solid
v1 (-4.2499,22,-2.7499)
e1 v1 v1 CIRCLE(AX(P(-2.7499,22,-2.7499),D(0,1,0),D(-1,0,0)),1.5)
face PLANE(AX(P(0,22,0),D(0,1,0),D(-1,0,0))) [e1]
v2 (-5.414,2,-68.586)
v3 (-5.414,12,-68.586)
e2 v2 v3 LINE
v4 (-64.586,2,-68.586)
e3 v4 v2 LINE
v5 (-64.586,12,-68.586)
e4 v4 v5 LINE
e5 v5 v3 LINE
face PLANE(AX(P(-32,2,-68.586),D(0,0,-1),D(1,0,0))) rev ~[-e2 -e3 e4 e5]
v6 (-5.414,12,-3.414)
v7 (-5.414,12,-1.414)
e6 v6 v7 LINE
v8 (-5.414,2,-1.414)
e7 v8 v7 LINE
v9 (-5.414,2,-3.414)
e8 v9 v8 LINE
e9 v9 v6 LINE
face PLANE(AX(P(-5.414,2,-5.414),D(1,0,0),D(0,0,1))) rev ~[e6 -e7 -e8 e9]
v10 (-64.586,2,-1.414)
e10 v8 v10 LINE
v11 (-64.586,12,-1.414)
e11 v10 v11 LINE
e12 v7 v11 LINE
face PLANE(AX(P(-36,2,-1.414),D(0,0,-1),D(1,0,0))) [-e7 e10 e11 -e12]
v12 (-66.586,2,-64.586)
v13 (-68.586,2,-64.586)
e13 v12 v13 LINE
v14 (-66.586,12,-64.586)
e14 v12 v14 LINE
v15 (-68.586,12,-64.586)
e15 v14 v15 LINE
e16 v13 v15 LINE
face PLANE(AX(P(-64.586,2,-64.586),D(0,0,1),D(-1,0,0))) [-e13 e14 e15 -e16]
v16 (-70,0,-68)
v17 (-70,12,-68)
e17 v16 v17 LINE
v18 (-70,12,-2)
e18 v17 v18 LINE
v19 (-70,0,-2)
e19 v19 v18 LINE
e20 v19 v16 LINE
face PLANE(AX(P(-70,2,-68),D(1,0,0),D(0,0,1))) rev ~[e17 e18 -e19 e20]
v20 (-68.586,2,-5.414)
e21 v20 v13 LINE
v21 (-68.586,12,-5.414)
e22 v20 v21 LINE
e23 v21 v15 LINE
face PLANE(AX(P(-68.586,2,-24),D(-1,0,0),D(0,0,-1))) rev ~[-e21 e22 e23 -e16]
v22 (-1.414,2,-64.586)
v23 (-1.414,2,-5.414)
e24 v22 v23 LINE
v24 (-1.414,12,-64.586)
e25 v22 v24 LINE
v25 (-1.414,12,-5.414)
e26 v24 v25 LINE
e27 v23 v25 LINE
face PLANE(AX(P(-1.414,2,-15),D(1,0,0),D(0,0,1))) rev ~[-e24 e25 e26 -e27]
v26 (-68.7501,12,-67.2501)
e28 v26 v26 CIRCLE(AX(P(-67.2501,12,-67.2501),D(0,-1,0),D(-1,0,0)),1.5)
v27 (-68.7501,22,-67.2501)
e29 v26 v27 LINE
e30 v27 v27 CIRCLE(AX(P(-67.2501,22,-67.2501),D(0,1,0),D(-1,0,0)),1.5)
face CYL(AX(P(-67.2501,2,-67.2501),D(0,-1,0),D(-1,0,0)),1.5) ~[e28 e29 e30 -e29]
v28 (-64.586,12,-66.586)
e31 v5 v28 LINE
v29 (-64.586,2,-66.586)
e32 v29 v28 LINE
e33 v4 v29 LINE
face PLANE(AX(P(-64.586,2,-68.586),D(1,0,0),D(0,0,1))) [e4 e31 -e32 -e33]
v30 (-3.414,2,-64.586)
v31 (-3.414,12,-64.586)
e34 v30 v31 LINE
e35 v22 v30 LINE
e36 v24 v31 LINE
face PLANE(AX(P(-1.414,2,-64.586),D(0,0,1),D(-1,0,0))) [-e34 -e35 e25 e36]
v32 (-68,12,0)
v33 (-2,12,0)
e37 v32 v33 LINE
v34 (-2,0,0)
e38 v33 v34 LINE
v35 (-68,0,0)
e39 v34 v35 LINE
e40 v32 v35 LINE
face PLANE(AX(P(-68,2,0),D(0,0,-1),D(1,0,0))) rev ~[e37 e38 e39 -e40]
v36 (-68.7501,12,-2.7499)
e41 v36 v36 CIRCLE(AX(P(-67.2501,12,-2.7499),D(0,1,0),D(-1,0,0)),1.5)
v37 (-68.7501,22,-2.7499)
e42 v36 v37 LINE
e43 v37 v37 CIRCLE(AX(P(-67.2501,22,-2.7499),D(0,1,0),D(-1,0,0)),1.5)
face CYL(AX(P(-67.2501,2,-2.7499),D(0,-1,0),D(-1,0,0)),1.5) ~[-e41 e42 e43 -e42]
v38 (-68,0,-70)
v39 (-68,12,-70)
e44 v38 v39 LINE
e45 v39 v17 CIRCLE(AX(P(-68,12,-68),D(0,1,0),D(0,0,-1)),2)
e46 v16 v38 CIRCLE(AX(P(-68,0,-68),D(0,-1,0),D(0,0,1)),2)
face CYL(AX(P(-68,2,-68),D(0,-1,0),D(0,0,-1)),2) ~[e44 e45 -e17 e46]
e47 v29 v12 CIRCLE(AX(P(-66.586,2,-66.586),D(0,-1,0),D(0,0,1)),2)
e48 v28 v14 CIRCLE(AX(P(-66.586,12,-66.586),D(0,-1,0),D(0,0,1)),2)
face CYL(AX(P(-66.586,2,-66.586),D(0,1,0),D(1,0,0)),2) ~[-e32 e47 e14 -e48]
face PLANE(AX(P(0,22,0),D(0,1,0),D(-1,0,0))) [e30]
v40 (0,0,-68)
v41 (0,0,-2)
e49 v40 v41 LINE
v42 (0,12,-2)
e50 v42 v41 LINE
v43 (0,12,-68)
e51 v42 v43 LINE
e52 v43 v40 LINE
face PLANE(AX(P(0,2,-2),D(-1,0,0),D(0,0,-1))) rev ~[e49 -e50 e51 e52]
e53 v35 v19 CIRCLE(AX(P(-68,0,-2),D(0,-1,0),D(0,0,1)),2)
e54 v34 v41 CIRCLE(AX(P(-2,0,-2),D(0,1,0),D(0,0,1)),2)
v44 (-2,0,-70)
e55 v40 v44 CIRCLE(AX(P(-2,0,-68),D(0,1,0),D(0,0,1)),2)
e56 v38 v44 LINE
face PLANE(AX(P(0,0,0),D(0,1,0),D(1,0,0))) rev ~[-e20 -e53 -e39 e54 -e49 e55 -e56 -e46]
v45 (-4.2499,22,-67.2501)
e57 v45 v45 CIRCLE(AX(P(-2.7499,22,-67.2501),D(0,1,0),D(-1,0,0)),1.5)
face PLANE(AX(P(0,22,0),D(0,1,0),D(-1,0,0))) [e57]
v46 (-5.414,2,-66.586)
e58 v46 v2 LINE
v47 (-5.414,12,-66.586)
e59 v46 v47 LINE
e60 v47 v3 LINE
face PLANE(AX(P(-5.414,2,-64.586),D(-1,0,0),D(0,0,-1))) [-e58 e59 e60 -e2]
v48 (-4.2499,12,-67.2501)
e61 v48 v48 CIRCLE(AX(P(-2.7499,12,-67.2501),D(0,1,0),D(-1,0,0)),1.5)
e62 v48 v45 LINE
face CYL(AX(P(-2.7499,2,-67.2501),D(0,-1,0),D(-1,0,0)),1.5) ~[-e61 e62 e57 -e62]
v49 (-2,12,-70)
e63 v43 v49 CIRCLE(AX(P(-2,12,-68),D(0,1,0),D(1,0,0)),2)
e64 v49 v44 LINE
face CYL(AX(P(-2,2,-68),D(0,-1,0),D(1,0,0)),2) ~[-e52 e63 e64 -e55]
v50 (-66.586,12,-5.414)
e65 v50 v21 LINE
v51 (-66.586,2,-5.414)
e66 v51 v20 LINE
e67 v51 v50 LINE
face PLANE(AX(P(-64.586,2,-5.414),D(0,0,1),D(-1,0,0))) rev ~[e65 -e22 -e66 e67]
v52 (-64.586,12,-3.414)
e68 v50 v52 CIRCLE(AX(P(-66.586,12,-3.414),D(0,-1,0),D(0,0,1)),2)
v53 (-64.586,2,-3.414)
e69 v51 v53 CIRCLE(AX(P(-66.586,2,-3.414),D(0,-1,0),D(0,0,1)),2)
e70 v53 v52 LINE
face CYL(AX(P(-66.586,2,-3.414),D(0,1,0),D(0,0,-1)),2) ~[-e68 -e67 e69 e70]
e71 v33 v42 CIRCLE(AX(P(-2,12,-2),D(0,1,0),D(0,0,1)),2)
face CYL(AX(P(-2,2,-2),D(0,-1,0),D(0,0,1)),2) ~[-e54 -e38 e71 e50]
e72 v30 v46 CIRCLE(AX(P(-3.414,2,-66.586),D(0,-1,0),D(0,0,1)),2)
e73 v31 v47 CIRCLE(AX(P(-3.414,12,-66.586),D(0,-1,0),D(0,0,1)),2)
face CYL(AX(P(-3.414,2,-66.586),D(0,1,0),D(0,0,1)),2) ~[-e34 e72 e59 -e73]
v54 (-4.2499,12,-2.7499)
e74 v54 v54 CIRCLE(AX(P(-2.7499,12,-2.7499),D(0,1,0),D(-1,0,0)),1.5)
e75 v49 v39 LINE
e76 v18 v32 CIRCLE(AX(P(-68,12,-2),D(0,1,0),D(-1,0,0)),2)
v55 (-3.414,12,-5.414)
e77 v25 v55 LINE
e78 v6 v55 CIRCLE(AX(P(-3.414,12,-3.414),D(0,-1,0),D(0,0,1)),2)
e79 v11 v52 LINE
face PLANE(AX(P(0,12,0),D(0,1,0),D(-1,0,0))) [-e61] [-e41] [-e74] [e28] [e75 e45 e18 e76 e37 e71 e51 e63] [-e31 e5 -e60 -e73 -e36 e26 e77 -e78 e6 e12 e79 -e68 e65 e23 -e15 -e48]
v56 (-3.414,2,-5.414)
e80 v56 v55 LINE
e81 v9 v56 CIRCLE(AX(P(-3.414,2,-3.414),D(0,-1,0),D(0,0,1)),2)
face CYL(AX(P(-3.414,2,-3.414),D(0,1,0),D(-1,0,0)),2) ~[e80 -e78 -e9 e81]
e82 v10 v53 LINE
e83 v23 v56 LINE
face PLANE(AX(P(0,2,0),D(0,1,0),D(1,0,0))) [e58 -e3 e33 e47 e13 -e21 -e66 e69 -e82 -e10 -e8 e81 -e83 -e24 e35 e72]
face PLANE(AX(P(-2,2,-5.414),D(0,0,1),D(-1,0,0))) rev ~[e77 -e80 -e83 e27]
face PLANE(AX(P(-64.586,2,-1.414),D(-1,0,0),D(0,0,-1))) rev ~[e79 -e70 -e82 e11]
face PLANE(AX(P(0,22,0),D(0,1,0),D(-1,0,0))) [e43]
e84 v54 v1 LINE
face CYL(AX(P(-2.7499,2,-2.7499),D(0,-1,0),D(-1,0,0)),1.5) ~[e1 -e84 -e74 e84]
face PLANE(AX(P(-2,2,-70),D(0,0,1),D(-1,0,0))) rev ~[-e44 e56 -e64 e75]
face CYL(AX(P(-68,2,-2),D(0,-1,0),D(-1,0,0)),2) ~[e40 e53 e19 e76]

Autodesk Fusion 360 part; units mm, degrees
sketch "Sketch1" plane through (0, 0, 0) normal (0, 1, 0) x (1, 0, 0)
  line L0 (0, 0) -> (-70, 0)
  line L1 (-70, 0) -> (-70, 70)
  line L2 (-70, 70) -> (0, 70)
  line L3 (0, 70) -> (0, 0)
  dimension "d1" = 70
  dimension "d2" = 70
extrude "Extrude1" add sketch "Sketch1" along normal blind 2
sketch "Sketch2" plane through (0, 2, 0) normal (0, 1, 0) x (-1, 0, 0)
  line L0 (0, -70) -> (70, -70)
  line L1 (70, -70) -> (70, 0)
  line L2 (70, 0) -> (0, 0)
  line L3 (0, 0) -> (0, -70)
  circle A0 centre (2.7499, -2.7499) radius 1.5
  line L4 (70, -70) -> (73.889, -70) construction
  line L5 (0, -70) -> (3.889, -70) construction
  circle A1 centre (67.2501, -67.2501) radius 1.5
  circle A2 centre (2.7499, -67.2501) radius 1.5
  circle A3 centre (67.2501, -2.7499) radius 1.5
  dimension "d5" = 3.889
  dimension "d6" = 3
  dimension "d7" = 3.889
  dimension "d9" = 3.889
  dimension "d11" = 3.889
  dimension "d12" = 3
  dimension "d13" = 3
  dimension "d14" = 3
extrude "Extrude2" add sketch "Sketch2" along normal blind 20 contours A0 | A1 | A2 | A3
fillet "Fillet1" radius 2 4 edges at (-70, 1, 0) (0, 1, 0) (0, 1, -70) (-70, 1, -70)
sketch "Sketch3" plane through (0, 2, 0) normal (0, 1, 0) x (-1, 0, 0)
  arc A0 (68, -70) -> (70, -68) centre (68, -68) ccw
  line L0 (70, -68) -> (70, -2)
  arc A1 (70, -2) -> (68, 0) centre (68, -2) ccw
  line L1 (68, 0) -> (2, 0)
  arc A2 (2, 0) -> (0, -2) centre (2, -2) ccw
  line L2 (0, -2) -> (0, -68)
  arc A3 (0, -68) -> (2, -70) centre (2, -68) ccw
  line L3 (2, -70) -> (68, -70)
  circle A4 centre (67.2501, -2.7499) radius 1.5
  circle A5 centre (67.2501, -67.2501) radius 1.5
  circle A6 centre (2.7499, -2.7499) radius 1.5
  circle A7 centre (2.7499, -67.2501) radius 1.5
  line L4 (0, 0) -> (70, 0)
  line L5 (70, 0) -> (70, -70)
  line L6 (70, -70) -> (0, -70)
  line L7 (0, -70) -> (0, 0)
  line L8 (68.0791, -66) -> (68, -66)
  line L9 (36, -1.414) -> (5.414, -1.414)
  line L10 (2, -5.414) -> (5.414, -5.414)
  line L11 (5.414, -5.414) -> (5.414, -1.414)
  line L12 (2, -5.414) -> (1.414, -5.414)
  line L13 (1.414, -15) -> (1.414, -5.414)
  line L14 (1.414, -15) -> (1.414, -64.586)
  line L15 (1.414, -64.586) -> (5.414, -64.586)
  line L16 (5.414, -64.586) -> (5.414, -68.586)
  line L17 (32, -68.586) -> (5.414, -68.586)
  line L18 (32, -68.586) -> (64.586, -68.586)
  line L19 (64.586, -68.586) -> (64.586, -64.586)
  line L20 (64.586, -64.586) -> (68.586, -64.586)
  line L21 (36, -1.414) -> (64.586, -1.414)
  line L22 (64.586, -1.414) -> (64.586, -5.414)
  line L23 (68.586, -24) -> (68.586, -5.414)
  line L24 (64.586, -5.414) -> (68.586, -5.414)
  line L25 (68.586, -24) -> (68.586, -64.586)
  line L26 (68, -66) -> (68, -65.951)
  dimension "d22" = 5.414
  dimension "d29" = 90
extrude "Extrude3" add sketch "Sketch3" along normal blind 10 contours A0 L0 A1 L1 A2 L2 A3 L3 L4 L5 L6 L7
fillet "Fillet2" radius 2 2 edges at (-5.414, 7, -64.586) (-64.586, 7, -64.586)
fillet "Fillet3" radius 2 2 edges at (-64.586, 7, -5.414) (-5.414, 7, -5.414)
